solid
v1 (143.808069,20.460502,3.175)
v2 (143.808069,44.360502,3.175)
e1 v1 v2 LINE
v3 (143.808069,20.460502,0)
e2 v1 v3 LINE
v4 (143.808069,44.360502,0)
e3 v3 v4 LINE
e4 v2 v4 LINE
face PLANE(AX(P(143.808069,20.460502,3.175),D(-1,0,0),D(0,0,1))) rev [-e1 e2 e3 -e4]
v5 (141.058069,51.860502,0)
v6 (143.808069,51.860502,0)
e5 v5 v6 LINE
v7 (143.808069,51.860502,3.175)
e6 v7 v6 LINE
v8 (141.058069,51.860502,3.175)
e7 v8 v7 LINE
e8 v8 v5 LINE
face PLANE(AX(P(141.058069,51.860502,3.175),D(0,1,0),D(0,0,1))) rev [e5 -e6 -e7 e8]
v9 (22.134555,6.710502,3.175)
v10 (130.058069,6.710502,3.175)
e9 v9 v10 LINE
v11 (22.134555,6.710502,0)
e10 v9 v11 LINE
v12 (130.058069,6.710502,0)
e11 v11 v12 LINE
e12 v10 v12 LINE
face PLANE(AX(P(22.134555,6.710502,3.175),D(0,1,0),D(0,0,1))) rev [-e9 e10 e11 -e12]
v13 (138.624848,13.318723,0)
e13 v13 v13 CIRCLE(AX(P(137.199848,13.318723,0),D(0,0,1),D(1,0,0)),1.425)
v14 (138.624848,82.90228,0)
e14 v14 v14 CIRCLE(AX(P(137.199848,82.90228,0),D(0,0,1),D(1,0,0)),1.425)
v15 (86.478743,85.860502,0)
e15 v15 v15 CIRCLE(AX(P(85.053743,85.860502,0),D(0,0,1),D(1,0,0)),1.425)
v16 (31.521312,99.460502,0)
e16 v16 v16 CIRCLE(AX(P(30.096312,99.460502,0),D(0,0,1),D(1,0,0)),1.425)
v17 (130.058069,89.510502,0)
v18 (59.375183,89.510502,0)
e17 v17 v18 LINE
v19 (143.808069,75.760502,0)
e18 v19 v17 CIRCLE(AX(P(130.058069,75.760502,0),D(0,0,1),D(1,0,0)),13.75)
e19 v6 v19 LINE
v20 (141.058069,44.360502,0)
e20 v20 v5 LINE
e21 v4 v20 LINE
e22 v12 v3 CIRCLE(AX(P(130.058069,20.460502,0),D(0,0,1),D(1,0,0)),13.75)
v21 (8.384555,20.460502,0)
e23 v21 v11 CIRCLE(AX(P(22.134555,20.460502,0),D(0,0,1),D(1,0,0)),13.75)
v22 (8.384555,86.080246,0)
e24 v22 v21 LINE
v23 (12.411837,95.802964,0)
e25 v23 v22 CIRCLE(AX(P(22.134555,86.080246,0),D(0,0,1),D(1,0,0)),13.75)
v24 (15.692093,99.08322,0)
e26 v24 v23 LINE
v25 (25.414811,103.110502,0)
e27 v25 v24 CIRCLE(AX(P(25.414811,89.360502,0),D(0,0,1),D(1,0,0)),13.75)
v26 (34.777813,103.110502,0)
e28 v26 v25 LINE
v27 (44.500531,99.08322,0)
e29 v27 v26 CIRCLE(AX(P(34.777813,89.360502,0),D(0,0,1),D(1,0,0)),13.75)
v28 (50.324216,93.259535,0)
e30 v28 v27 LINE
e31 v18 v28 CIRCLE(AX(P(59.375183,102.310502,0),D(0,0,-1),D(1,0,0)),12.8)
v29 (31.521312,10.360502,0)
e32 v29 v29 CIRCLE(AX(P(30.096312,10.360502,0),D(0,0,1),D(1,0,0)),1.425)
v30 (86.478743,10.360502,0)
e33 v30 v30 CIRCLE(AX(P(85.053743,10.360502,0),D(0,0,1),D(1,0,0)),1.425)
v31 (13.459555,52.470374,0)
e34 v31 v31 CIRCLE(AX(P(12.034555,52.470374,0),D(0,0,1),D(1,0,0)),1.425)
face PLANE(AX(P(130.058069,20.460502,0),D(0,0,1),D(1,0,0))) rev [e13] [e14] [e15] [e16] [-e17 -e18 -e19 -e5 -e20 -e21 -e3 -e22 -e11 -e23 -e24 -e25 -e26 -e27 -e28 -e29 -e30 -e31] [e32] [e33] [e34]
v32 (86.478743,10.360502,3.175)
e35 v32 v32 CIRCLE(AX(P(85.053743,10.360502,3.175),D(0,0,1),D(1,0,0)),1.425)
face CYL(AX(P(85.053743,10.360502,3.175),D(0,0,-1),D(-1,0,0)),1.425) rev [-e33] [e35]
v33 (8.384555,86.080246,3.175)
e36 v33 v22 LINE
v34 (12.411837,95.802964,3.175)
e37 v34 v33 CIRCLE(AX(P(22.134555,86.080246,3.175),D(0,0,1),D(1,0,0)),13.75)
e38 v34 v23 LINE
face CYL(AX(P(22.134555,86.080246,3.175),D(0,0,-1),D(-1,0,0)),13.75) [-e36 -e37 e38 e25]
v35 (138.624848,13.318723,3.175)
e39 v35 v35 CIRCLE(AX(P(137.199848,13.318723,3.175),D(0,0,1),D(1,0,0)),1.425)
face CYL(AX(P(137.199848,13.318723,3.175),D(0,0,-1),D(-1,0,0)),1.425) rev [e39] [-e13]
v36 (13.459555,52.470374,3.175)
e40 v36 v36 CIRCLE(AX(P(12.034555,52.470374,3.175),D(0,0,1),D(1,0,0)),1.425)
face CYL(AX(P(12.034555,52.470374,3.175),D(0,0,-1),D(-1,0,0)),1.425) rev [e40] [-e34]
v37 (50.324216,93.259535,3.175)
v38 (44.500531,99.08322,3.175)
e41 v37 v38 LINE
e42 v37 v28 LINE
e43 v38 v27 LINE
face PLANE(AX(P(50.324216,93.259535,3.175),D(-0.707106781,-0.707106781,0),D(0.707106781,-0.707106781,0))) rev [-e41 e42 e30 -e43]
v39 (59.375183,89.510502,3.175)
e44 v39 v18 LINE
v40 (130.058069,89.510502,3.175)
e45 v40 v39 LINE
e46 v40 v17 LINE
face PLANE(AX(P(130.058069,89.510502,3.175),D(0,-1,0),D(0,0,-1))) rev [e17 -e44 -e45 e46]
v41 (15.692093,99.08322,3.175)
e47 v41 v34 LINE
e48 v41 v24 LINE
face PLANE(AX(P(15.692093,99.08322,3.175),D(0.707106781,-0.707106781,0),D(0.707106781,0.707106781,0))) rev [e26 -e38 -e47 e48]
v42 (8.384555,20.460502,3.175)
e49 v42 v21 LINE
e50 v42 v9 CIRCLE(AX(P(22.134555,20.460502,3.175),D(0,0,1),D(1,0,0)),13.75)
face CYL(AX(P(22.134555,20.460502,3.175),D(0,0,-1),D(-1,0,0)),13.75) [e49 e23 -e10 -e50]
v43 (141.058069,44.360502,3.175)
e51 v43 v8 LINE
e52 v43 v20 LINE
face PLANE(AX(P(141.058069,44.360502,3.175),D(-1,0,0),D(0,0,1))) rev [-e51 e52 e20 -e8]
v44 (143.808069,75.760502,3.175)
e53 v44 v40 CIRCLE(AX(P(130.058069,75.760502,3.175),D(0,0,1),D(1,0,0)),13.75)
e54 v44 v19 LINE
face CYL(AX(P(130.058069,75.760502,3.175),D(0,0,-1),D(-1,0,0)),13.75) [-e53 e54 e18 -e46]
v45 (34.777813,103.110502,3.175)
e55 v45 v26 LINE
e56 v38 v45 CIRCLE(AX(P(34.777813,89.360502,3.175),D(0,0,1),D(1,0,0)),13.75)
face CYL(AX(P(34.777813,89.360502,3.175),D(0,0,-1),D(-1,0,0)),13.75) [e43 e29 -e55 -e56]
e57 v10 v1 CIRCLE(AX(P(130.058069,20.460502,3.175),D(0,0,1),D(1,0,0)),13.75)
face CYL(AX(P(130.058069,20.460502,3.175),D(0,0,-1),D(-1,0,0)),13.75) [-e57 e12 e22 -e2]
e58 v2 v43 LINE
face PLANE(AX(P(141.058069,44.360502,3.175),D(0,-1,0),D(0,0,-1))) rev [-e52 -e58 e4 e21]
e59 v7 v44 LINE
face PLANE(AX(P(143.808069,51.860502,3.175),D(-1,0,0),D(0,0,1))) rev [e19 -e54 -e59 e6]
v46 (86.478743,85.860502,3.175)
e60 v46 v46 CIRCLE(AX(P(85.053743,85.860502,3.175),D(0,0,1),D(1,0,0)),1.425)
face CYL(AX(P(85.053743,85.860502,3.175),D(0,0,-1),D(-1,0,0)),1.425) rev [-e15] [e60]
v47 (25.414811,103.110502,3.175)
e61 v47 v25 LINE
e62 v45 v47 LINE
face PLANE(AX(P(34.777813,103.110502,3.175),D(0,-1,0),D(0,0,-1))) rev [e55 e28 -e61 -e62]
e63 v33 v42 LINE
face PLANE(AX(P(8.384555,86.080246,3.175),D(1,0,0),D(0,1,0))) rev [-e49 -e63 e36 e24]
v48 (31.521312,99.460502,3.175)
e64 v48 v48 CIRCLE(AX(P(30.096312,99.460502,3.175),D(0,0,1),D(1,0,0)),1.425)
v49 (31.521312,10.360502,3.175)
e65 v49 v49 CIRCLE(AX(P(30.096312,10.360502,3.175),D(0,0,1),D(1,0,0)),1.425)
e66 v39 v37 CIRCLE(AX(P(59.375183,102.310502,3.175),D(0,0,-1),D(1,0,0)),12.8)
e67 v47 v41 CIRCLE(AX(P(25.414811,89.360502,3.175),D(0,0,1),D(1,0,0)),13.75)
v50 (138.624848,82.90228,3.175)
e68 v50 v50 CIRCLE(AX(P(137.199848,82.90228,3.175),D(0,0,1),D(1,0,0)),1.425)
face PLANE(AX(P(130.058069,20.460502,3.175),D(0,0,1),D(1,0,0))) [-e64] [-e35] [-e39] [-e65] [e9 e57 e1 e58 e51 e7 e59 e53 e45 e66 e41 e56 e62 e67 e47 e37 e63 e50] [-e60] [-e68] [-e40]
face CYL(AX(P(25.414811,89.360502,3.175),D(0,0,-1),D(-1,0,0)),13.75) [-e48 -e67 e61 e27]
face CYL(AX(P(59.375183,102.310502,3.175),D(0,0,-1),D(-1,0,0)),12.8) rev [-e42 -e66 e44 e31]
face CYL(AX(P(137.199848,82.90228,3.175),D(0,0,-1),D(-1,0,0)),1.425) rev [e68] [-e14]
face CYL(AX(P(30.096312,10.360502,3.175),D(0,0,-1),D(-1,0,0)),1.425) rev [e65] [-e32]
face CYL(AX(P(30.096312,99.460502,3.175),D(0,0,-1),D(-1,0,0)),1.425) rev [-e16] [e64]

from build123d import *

# Parameters (mm, degrees)
SKETCH1_R           = 1.425
BOSS_EXTRUDE1_DEPTH = 3.175


with BuildPart() as part:
    # Sketch1 → Boss-Extrude1 (new body)
    with BuildSketch(Plane.XY):
        with BuildLine():
            Line((143.808069079, 20.460501739), (143.808069079, 44.360501739))
            Line((143.808069079, 44.360501739), (141.058069079, 44.360501739))
            Line((141.058069079, 44.360501739), (141.058069079, 51.860501739))
            Line((141.058069079, 51.860501739), (143.808069079, 51.860501739))
            Line((143.808069079, 51.860501739), (143.808069079, 75.76050174))
            ThreePointArc((143.808069079, 75.76050174), (139.780787321, 85.483219981), (130.058069079, 89.51050174))
            Line((130.058069079, 89.51050174), (59.375183039, 89.51050174))
            ThreePointArc((59.375183039, 89.51050174), (54.476835105, 90.484843724), (50.32421624, 93.259534941))
            Line((50.32421624, 93.259534941), (44.500531199, 99.083219981))
            ThreePointArc((44.500531199, 99.083219981), (40.039710153, 102.063845312), (34.777812958, 103.11050174))
            Line((34.777812958, 103.11050174), (25.414810921, 103.11050174))
            ThreePointArc((25.414810921, 103.11050174), (20.152913726, 102.063845312), (15.69209268, 99.083219981))
            Line((15.69209268, 99.083219981), (12.411836559, 95.80296386))
            ThreePointArc((12.411836559, 95.80296386), (9.431211228, 91.342142814), (8.3845548, 86.080245619))
            Line((8.3845548, 86.080245619), (8.3845548, 20.460501739))
            ThreePointArc((8.3845548, 20.460501739), (12.411836559, 10.737783497), (22.1345548, 6.710501739))
            Line((22.1345548, 6.710501739), (130.058069079, 6.710501739))
            ThreePointArc((130.058069079, 6.710501739), (139.780787321, 10.737783497), (143.808069079, 20.460501739))
        make_face()
        with Locations((12.0345548, 52.470373679)):
            Circle(SKETCH1_R, mode=Mode.SUBTRACT)
        with Locations((30.09631194, 99.46050174)):
            Circle(SKETCH1_R, mode=Mode.SUBTRACT)
        with Locations((85.053742799, 85.86050174)):
            Circle(SKETCH1_R, mode=Mode.SUBTRACT)
        with Locations((137.199847569, 82.902280229)):
            Circle(SKETCH1_R, mode=Mode.SUBTRACT)
        with Locations((137.199847569, 13.318723249)):
            Circle(SKETCH1_R, mode=Mode.SUBTRACT)
        with Locations((85.053742799, 10.36050174)):
            Circle(SKETCH1_R, mode=Mode.SUBTRACT)
        with Locations((30.09631194, 10.36050174)):
            Circle(SKETCH1_R, mode=Mode.SUBTRACT)
    extrude(amount=BOSS_EXTRUDE1_DEPTH)


solid = part.part
